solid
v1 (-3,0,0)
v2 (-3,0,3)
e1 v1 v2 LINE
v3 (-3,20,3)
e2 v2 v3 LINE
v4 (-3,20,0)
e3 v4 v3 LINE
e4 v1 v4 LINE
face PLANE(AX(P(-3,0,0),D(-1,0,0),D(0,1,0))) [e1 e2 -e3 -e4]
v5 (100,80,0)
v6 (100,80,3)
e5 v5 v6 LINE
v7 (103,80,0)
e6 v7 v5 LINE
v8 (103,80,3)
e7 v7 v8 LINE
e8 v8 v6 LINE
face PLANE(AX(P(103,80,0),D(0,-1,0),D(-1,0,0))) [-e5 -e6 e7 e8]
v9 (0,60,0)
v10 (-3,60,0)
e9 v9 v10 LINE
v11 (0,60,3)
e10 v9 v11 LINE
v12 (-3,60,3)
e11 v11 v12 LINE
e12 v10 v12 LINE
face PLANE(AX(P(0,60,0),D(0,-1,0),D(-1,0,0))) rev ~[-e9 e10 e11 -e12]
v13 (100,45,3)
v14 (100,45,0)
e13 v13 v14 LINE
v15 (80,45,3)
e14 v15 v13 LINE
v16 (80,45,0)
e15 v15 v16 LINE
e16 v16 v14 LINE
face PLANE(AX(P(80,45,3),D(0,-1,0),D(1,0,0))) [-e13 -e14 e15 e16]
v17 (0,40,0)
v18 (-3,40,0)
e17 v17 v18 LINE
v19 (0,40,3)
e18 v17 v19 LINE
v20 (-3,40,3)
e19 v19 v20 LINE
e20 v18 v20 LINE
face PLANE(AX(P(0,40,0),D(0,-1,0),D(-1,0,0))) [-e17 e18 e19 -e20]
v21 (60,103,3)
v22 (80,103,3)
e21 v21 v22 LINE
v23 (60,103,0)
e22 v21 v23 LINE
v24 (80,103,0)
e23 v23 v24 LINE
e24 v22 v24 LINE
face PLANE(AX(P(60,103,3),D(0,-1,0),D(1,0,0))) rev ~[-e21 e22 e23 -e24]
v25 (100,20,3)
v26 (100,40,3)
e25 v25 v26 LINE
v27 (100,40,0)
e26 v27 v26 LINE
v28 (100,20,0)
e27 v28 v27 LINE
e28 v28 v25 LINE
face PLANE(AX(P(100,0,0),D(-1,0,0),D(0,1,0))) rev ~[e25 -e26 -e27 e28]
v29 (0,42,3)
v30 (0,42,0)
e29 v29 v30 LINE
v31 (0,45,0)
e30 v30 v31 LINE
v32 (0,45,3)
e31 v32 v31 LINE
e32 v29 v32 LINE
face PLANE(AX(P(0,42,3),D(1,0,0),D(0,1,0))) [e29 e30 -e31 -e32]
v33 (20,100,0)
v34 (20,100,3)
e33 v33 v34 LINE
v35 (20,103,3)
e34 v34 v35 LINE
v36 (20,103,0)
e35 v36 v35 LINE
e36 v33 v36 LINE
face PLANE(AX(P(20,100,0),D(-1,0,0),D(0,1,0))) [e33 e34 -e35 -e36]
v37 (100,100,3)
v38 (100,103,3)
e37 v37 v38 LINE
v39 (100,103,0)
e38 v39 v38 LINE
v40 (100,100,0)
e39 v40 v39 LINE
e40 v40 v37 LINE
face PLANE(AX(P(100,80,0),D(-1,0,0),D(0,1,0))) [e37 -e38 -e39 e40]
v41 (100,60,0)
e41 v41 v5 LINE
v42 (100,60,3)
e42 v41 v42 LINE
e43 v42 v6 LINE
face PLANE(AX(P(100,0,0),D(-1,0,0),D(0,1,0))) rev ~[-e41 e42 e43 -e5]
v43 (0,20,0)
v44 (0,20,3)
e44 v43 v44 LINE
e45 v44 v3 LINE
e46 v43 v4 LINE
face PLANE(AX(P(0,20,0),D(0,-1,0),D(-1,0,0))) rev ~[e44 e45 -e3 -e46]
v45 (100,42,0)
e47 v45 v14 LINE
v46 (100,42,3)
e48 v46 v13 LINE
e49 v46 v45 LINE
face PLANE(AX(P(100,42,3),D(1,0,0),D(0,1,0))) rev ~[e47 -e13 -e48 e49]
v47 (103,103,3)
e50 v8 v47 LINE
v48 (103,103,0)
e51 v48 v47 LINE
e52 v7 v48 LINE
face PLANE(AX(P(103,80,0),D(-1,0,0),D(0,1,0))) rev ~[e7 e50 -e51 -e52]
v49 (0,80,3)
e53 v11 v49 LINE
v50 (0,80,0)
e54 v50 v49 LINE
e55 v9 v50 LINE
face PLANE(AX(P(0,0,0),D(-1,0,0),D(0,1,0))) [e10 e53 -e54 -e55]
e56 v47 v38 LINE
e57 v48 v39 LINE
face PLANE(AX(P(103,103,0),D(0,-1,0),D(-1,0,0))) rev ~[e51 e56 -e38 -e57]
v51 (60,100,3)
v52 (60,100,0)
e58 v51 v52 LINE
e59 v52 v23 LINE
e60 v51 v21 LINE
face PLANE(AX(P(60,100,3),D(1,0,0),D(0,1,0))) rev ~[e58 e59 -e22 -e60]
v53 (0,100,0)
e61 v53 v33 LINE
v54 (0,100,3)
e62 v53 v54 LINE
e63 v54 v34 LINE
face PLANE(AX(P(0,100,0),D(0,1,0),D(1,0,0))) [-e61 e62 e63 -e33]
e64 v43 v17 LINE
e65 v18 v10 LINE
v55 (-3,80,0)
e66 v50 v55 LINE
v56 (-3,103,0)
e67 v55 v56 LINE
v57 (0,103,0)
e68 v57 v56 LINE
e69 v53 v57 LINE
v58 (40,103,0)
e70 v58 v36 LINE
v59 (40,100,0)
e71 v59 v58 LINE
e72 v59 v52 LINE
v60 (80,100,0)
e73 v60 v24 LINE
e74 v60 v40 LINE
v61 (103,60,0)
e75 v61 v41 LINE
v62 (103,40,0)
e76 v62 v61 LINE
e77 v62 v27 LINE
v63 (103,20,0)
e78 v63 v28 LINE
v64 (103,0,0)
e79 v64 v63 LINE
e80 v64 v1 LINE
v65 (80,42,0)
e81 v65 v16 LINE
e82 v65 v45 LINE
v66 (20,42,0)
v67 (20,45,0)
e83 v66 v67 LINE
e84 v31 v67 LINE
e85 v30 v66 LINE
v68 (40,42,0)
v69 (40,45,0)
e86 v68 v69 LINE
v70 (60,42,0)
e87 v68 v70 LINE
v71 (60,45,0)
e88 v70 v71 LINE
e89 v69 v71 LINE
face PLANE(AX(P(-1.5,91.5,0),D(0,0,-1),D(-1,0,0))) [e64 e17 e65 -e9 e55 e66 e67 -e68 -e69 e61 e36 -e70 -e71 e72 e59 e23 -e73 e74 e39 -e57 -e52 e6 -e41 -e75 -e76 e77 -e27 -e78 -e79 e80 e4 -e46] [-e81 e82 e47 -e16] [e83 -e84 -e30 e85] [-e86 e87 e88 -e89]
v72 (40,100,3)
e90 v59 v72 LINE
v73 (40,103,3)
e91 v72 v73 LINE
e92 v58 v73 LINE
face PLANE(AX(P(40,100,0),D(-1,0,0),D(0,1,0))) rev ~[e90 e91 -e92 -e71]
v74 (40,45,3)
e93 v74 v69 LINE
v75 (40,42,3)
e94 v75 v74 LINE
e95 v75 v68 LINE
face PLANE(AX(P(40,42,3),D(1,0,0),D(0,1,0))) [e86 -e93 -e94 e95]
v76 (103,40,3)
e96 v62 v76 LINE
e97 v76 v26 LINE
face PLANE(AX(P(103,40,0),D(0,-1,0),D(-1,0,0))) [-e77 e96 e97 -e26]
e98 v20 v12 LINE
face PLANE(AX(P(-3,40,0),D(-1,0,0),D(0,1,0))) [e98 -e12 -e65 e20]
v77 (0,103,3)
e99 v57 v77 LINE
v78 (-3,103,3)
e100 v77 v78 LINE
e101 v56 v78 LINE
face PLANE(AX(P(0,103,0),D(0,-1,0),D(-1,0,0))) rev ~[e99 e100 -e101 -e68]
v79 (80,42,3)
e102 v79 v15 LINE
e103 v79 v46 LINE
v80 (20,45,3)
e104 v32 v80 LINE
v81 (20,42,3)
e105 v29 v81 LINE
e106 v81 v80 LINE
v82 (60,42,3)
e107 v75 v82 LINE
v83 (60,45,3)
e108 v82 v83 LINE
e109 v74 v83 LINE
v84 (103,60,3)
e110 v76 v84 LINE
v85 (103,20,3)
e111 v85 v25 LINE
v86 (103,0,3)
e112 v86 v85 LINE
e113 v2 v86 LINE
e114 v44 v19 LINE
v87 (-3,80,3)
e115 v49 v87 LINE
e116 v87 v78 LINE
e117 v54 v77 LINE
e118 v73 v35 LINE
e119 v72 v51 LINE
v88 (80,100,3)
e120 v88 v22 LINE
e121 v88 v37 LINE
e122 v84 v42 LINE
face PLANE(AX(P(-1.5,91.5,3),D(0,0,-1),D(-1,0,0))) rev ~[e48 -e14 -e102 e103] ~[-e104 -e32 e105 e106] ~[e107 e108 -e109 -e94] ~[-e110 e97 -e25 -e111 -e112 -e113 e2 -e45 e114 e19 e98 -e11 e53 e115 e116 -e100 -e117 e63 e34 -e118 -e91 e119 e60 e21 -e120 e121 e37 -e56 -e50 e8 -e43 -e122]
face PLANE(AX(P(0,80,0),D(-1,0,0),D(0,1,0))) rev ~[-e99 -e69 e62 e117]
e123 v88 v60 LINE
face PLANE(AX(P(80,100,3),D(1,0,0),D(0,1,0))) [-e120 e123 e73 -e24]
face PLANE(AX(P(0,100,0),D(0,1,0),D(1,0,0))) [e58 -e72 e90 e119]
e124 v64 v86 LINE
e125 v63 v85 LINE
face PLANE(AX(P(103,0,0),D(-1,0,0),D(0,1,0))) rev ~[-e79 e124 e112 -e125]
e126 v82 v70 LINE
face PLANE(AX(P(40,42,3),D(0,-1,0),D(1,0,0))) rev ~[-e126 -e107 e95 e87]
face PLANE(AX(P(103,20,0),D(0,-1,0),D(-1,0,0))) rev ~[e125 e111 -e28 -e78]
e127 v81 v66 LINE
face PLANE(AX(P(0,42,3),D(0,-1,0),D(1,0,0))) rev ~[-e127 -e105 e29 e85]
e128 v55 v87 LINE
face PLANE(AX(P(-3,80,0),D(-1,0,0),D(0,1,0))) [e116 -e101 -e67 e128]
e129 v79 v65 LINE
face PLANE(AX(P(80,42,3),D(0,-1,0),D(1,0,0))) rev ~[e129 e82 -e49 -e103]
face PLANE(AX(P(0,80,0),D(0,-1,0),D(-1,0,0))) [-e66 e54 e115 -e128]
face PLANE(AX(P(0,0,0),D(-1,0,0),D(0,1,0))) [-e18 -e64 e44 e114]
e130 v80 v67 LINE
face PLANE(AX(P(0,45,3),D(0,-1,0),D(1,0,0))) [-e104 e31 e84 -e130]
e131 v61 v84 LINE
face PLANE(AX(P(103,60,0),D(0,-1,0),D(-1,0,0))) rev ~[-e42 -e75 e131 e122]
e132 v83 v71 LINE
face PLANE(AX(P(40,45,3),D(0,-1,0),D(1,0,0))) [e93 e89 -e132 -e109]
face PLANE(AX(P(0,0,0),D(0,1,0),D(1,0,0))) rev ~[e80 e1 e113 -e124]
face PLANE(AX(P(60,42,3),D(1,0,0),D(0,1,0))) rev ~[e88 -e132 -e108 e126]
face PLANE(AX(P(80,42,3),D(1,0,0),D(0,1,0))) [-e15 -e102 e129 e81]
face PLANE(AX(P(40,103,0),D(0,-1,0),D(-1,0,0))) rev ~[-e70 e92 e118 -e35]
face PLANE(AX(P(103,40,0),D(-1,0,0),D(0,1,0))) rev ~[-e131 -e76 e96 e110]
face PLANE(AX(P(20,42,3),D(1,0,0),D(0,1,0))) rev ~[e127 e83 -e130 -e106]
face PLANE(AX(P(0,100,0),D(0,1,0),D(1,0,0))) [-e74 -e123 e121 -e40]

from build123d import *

# Parameters (mm, degrees)
SKETCH1_W           = 100
SKETCH1_H           = 100
BOSS_EXTRUDE1_DEPTH = 3
SKETCH2_W           = 20
SKETCH2_H           = 3
BOSS_EXTRUDE3_DEPTH = 3
SKETCH3_W           = 20
SKETCH3_H           = 3
BOSS_EXTRUDE4_DEPTH = 3
SKETCH5_W           = 3
SKETCH5_H           = 23
SKETCH5_H_2         = 20
BOSS_EXTRUDE5_DEPTH = 3
SKETCH6_W           = 3
SKETCH6_H           = 23
SKETCH6_H_2         = 20
BOSS_EXTRUDE6_DEPTH = 3
SKETCH7_W           = 20
SKETCH7_H           = 3
CUT_EXTRUDE1_DEPTH  = 3


with BuildPart() as part:
    # Sketch1 → Boss-Extrude1 (new body)
    with BuildSketch(Plane.XY):
        with Locations((50, 50)):
            Rectangle(SKETCH1_W, SKETCH1_H)
    extrude(amount=BOSS_EXTRUDE1_DEPTH)

    # Sketch2 → Boss-Extrude3 (add)
    with BuildSketch(Plane(origin=(0, 0, 0), x_dir=(-1, 0, 0), z_dir=(0, 0, -1))):
        with Locations((-30, 101.5)):
            Rectangle(SKETCH2_W, SKETCH2_H)
    extrude(amount=-BOSS_EXTRUDE3_DEPTH)

    # Sketch3 → Boss-Extrude4 (add)
    with BuildSketch(Plane.XY.offset(3)):
        with Locations((70, 101.5)):
            Rectangle(SKETCH3_W, SKETCH3_H)
    extrude(amount=-BOSS_EXTRUDE4_DEPTH)

    # Sketch5 → Boss-Extrude5 (add)
    with BuildSketch(Plane(origin=(0, 0, 0), x_dir=(-1, 0, 0), z_dir=(0, 0, -1))):
        with Locations((-101.5, 91.5)):
            Rectangle(SKETCH5_W, SKETCH5_H)
        with Locations((-101.5, 50)):
            Rectangle(SKETCH5_W, SKETCH5_H_2)
        with Locations((-101.5, 10)):
            Rectangle(SKETCH5_W, SKETCH5_H_2)
    extrude(amount=-BOSS_EXTRUDE5_DEPTH)

    # Sketch6 → Boss-Extrude6 (add)
    with BuildSketch(Plane(origin=(0, 0, 0), x_dir=(-1, 0, 0), z_dir=(0, 0, -1))):
        with Locations((1.5, 91.5)):
            Rectangle(SKETCH6_W, SKETCH6_H)
        with Locations((1.5, 50)):
            Rectangle(SKETCH6_W, SKETCH6_H_2)
        with Locations((1.5, 10)):
            Rectangle(SKETCH6_W, SKETCH6_H_2)
    extrude(amount=-BOSS_EXTRUDE6_DEPTH)

    # Sketch7 → Cut-Extrude1 (cut)
    with BuildSketch(Plane.XY.offset(3)):
        with Locations((10, 43.5)):
            Rectangle(SKETCH7_W, SKETCH7_H)
        with Locations((50, 43.5)):
            Rectangle(SKETCH7_W, SKETCH7_H)
        with Locations((90, 43.5)):
            Rectangle(SKETCH7_W, SKETCH7_H)
    extrude(amount=-CUT_EXTRUDE1_DEPTH, mode=Mode.SUBTRACT)


solid = part.part
